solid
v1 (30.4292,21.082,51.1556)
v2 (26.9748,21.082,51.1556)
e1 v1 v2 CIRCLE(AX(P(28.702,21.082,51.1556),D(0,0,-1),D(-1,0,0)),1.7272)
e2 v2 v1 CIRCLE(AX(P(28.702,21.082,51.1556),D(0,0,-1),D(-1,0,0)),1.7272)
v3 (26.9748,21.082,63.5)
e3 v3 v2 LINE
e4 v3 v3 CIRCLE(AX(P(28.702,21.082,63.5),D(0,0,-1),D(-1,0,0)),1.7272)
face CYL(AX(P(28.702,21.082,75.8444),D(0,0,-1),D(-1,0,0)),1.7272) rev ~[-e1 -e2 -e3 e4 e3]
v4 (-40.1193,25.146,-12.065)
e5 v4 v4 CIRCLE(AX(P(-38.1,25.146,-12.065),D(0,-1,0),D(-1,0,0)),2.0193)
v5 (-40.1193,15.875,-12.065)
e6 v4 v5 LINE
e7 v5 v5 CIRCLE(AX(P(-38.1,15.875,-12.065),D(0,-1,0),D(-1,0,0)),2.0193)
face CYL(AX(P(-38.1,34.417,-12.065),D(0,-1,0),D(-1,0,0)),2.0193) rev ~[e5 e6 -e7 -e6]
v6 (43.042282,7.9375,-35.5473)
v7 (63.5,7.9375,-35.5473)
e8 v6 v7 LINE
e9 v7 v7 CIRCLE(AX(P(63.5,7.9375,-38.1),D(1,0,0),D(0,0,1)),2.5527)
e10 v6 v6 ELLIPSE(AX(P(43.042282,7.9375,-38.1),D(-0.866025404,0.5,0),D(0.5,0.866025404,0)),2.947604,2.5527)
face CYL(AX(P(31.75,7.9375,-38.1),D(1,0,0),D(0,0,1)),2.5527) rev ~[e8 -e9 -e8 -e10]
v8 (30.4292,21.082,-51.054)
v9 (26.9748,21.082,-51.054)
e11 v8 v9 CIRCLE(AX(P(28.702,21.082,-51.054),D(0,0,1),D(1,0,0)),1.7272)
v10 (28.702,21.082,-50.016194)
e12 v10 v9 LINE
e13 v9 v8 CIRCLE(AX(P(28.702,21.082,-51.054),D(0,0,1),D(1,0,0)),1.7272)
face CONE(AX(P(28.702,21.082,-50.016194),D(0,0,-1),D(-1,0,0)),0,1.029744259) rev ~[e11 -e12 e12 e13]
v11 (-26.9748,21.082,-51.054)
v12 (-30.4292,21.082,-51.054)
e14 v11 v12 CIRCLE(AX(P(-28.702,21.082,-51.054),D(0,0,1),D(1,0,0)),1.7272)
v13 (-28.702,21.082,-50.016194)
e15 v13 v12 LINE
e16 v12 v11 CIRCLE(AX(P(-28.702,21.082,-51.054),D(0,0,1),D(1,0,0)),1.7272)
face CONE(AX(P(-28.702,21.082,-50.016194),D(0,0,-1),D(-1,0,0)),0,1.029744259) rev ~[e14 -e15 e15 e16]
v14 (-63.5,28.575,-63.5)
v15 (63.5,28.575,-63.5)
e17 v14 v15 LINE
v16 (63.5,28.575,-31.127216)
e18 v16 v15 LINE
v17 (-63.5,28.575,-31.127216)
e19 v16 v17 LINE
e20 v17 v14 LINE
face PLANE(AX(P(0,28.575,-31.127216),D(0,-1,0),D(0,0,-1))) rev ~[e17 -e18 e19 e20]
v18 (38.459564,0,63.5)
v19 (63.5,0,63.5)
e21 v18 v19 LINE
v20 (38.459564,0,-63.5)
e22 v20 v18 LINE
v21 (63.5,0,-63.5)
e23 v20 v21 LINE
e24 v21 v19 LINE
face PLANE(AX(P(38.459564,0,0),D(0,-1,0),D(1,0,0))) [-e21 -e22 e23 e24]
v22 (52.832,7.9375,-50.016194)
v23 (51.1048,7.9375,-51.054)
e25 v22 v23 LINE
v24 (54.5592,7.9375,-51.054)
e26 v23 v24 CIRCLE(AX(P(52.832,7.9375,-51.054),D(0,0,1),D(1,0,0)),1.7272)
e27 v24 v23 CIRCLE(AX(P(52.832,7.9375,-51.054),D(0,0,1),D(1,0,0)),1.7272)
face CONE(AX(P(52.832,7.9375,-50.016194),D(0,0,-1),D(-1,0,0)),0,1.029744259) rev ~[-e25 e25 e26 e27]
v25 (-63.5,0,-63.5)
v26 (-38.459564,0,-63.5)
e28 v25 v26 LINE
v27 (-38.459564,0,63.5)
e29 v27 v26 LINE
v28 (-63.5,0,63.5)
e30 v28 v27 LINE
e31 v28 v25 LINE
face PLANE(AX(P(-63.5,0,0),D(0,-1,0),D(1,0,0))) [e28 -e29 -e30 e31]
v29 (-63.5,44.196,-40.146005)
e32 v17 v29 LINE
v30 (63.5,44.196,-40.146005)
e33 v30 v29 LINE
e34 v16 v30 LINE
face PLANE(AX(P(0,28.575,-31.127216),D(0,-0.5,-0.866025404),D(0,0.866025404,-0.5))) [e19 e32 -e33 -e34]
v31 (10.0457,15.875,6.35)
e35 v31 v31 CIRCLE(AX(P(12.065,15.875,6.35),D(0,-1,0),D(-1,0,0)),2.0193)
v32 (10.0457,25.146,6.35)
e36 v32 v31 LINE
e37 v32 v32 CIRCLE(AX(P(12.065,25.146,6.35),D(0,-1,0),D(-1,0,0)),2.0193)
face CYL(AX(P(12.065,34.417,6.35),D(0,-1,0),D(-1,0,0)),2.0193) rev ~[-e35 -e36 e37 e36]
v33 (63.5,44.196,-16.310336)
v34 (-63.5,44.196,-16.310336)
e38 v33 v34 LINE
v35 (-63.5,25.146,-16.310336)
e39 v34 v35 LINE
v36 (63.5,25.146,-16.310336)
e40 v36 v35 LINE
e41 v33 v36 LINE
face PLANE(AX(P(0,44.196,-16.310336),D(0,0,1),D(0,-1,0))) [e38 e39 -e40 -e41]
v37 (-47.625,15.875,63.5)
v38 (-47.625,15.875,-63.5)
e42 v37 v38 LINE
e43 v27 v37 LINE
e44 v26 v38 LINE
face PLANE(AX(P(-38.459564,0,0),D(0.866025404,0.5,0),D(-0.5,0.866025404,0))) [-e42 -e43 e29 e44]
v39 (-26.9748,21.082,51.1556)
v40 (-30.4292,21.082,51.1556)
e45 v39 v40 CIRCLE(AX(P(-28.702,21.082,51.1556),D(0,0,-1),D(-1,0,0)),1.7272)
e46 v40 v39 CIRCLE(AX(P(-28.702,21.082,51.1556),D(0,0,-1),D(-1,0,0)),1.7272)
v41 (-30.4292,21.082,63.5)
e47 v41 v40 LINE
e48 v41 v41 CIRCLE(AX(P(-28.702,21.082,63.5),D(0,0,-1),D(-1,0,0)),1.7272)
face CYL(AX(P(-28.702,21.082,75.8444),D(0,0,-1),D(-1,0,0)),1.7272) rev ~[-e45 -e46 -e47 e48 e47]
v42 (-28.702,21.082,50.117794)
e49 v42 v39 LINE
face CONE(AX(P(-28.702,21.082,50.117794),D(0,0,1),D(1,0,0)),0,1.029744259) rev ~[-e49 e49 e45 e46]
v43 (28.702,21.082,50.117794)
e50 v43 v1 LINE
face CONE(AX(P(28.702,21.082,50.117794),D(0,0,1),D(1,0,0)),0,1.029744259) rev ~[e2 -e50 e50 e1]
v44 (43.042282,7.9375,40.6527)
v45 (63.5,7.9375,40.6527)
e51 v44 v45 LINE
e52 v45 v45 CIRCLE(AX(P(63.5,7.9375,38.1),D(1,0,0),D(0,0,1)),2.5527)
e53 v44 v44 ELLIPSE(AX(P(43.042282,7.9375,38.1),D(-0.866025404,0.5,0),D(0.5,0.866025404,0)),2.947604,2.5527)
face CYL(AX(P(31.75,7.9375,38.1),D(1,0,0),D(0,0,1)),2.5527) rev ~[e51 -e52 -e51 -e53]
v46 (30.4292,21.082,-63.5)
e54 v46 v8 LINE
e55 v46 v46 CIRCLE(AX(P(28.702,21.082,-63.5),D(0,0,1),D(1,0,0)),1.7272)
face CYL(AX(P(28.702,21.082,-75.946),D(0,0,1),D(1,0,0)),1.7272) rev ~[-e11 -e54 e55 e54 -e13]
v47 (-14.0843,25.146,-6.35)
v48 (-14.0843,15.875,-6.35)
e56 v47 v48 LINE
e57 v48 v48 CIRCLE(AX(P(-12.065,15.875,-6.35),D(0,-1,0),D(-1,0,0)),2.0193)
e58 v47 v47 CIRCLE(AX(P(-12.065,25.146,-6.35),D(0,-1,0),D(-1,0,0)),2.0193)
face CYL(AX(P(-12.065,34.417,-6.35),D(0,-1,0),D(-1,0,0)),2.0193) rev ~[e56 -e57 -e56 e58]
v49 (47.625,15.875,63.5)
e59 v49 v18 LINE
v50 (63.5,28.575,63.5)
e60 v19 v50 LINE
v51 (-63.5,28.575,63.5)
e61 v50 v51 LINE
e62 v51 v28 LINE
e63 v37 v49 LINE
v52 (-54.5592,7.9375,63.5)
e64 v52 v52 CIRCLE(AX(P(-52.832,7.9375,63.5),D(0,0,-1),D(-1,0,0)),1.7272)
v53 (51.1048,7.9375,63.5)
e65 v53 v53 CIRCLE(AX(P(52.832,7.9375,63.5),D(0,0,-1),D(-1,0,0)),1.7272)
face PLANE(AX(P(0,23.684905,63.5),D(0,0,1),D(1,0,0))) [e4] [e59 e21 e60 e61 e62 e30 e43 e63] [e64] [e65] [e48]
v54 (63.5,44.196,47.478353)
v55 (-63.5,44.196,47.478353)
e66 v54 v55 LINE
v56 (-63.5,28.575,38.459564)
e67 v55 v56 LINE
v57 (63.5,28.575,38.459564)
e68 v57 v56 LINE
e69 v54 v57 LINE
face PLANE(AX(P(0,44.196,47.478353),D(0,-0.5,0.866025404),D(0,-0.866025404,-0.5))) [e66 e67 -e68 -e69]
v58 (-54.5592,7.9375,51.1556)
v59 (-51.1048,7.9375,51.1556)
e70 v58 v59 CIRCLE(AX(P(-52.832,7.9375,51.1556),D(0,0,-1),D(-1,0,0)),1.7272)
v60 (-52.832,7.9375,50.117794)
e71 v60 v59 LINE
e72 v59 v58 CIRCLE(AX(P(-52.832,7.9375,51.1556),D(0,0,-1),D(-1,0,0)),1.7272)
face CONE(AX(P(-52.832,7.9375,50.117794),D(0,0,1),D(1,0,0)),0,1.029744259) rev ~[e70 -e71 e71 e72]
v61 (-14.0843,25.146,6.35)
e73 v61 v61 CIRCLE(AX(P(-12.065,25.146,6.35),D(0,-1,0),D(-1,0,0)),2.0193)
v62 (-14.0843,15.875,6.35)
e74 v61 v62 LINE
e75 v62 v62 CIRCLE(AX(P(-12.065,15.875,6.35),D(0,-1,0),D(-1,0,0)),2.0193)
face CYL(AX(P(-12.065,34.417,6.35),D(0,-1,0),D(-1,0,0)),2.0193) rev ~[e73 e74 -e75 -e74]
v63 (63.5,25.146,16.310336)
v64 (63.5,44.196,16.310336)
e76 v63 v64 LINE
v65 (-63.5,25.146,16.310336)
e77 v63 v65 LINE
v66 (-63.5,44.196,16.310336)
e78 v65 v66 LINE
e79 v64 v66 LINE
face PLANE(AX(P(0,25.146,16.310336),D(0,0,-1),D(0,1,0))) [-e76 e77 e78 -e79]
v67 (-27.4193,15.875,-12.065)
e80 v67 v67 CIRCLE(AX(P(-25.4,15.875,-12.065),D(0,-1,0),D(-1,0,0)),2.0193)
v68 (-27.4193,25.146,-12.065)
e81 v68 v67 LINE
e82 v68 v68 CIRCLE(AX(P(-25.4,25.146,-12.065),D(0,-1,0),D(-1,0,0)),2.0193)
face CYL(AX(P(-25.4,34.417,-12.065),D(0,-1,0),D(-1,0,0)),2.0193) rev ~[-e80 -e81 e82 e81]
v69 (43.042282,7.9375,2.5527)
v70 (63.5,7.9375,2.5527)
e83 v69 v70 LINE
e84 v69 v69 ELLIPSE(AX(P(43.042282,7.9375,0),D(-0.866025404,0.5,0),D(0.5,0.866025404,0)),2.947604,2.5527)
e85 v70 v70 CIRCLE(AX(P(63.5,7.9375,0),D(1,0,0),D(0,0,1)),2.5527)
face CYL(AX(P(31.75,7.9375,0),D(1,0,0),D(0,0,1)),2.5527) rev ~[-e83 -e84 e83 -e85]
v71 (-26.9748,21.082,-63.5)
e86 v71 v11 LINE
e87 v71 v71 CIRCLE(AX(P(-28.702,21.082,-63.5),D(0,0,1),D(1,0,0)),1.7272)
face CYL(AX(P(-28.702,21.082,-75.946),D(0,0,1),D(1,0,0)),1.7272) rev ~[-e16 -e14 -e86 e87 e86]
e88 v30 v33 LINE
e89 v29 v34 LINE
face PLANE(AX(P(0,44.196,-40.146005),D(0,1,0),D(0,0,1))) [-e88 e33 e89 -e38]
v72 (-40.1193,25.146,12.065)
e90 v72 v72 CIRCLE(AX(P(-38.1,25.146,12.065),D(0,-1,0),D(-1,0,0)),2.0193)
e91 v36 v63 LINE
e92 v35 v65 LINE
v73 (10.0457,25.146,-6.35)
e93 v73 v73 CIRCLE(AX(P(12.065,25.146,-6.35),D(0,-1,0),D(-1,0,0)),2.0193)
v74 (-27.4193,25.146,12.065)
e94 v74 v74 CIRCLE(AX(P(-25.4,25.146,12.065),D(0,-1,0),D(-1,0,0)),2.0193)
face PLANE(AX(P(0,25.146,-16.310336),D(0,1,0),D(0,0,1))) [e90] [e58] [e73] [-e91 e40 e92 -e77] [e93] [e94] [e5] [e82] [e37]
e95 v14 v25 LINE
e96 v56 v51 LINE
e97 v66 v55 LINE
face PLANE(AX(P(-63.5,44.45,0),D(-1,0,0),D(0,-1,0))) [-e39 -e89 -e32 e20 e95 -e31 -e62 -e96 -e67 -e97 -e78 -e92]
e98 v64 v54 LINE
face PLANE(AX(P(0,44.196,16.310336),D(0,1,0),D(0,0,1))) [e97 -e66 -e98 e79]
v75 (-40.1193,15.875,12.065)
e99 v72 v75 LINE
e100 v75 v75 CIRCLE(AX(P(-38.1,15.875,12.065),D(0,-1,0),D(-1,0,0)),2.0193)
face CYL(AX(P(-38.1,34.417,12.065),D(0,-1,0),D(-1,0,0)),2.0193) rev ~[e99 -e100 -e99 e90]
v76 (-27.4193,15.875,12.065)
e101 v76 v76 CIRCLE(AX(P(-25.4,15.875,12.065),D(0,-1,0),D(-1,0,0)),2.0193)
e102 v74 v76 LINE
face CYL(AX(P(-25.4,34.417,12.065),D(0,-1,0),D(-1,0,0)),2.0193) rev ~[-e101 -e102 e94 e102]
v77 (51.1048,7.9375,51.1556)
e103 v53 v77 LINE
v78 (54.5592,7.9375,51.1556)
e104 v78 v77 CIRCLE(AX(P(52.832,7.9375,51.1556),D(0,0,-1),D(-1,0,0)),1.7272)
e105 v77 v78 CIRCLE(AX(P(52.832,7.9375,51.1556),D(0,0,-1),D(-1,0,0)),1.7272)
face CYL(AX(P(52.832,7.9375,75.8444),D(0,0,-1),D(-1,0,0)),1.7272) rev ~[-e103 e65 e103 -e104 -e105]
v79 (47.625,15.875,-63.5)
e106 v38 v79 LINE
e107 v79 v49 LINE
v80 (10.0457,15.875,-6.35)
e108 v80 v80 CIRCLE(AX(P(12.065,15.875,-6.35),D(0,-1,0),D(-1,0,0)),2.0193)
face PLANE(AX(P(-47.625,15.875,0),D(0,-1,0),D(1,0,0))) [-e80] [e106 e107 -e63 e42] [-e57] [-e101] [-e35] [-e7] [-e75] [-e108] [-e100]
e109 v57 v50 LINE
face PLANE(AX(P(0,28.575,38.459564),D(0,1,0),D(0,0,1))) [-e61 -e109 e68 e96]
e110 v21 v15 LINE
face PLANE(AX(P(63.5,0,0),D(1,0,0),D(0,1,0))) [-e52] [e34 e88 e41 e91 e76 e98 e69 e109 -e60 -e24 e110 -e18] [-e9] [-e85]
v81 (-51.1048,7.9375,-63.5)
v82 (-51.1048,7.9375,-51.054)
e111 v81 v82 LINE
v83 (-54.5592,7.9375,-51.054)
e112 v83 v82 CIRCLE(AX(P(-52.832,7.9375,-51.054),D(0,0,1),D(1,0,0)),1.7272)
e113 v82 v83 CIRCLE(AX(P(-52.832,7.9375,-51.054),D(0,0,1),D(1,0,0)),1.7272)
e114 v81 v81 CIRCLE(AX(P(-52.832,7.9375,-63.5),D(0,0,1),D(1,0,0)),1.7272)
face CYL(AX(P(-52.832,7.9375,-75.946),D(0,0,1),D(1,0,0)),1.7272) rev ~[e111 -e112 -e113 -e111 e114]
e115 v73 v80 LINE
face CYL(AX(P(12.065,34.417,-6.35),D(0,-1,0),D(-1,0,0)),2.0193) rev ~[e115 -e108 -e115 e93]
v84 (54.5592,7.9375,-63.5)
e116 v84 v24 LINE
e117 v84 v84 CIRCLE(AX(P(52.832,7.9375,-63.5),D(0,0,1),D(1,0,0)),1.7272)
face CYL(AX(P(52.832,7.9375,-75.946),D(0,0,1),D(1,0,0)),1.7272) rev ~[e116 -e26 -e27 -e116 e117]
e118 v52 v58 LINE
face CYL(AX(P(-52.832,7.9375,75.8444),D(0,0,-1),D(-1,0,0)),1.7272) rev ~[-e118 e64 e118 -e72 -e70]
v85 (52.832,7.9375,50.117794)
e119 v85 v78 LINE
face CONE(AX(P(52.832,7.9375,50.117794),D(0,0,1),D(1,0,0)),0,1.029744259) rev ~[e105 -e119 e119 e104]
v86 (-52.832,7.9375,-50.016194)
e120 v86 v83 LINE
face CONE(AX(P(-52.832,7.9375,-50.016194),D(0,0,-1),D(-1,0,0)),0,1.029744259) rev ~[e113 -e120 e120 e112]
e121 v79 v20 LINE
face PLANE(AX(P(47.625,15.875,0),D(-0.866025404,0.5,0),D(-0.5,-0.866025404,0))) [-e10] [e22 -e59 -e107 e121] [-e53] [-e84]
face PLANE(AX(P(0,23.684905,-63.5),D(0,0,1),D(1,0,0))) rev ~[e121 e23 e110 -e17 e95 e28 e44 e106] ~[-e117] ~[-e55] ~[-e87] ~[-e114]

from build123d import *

# Parameters (mm, degrees)
X_CARRIAGE_EXTRUDE_DEPTH                 = 63.5
Y_GUIDE_CUT_EXTRUDE_DEPTH                = 63.5
F_8_32_TAPPED_HOLE1_D                    = 3.4544
F_8_32_TAPPED_HOLE1_DEPTH                = 12.3444
F_8_32_TAPPED_HOLE1_TIP                  = 1.037806461
F_8_32_TAPPED_HOLE2_D                    = 3.4544
F_8_32_TAPPED_HOLE2_DEPTH                = 12.446
F_8_32_TAPPED_HOLE2_TIP                  = 1.037806461
SKETCH8_W                                = 2.5527
SKETCH8_H                                = 63.5
GIB_SCREW_1_4_20_TAPPED_HOLE1_AT_2_COUNT = 2
GIB_SCREW_1_4_20_TAPPED_HOLE1_AT_2_PITCH = 38.1
GIB_SCREW_1_4_20_TAPPED_HOLE1_AT_3_COUNT = 2
GIB_SCREW_1_4_20_TAPPED_HOLE1_AT_3_PITCH = 76.2
F_10_32_TAPPED_HOLE1_D                   = 4.0386
F_10_32_TAPPED_HOLE1_DEPTH               = 9.271


with BuildPart() as part:
    # female-dovetail-profile → x-carriage-extrude (new, symmetric)
    with BuildSketch(Plane.XY):
        Polygon((-47.625, 15.875), (-40.292651581, 15.875), (-16.056336319, 15.875), (16.056336319, 15.875), (47.625, 15.875), (38.459564477, 0), (63.5, 0), (63.5, 31.75), (63.5, 44.45), (-63.5, 44.45), (-63.5, 31.75), (-63.5, 0), (-38.459564477, 0), align=None)
    extrude(amount=X_CARRIAGE_EXTRUDE_DEPTH, both=True)

    # male-dovetail-shoulder-profile → y-guide-cut-extrude (cut, symmetric)
    with BuildSketch(Plane(origin=(0, 0, 0), x_dir=(0, 0, -1), z_dir=(1, 0, 0))):
        Polygon((63.5, 28.575), (38.459564477, 28.575), (31.127216058, 28.575), (40.146004613, 44.196), (16.310336319, 44.196), (16.310336319, 25.146), (-16.310336319, 25.146), (-16.310336319, 44.196), (-47.478353032, 44.196), (-38.459564477, 28.575), (-63.5, 28.575), (-63.5, 44.45), (63.5, 44.45), align=None)
    extrude(amount=Y_GUIDE_CUT_EXTRUDE_DEPTH, both=True, mode=Mode.SUBTRACT)

    # #8-32 Tapped Hole1
    with Locations(Plane(origin=(0, -15.875, 63.5), x_dir=(1, 0, 0), z_dir=(0, 0, 1))):
        with Locations((-52.832, 23.8125), (-28.702, 36.957), (28.702, 36.957), (52.832, 23.8125)):
            Hole(F_8_32_TAPPED_HOLE1_D / 2, depth=F_8_32_TAPPED_HOLE1_DEPTH)
            with Locations((0, 0, -(F_8_32_TAPPED_HOLE1_DEPTH + F_8_32_TAPPED_HOLE1_TIP / 2))):  # 118° drill point
                Cone(0, F_8_32_TAPPED_HOLE1_D / 2, F_8_32_TAPPED_HOLE1_TIP, mode=Mode.SUBTRACT)

    # #8-32 Tapped Hole2
    with Locations(Plane(origin=(0, -15.875, -63.5), x_dir=(-1, 0, 0), z_dir=(0, 0, -1))):
        with Locations((-52.832, 23.8125), (-28.702, 36.957), (28.702, 36.957), (52.832, 23.8125)):
            Hole(F_8_32_TAPPED_HOLE2_D / 2, depth=F_8_32_TAPPED_HOLE2_DEPTH)
            with Locations((0, 0, -(F_8_32_TAPPED_HOLE2_DEPTH + F_8_32_TAPPED_HOLE2_TIP / 2))):  # 118° drill point
                Cone(0, F_8_32_TAPPED_HOLE2_D / 2, F_8_32_TAPPED_HOLE2_TIP, mode=Mode.SUBTRACT)

    # Sketch8 → gib screw 1/4-20 Tapped Hole1 (revolve, cut)
    with BuildSketch(Plane(origin=(0, 7.9375, 38.1), x_dir=(0, 0, 1), z_dir=(0, 1, 0))):
        with Locations((1.27635, 31.75)):
            Rectangle(SKETCH8_W, SKETCH8_H)
    gib_screw_1_4_20_tapped_hole1 = revolve(axis=Axis((-6.35, 7.9375, 38.1), (1, 0, 0)), mode=Mode.SUBTRACT)

    # gib screw 1/4-20 Tapped Hole1 at 2: gib screw 1/4-20 Tapped Hole1 ×2
    with Locations(*[(0, 0, -i * GIB_SCREW_1_4_20_TAPPED_HOLE1_AT_2_PITCH) for i in range(1, GIB_SCREW_1_4_20_TAPPED_HOLE1_AT_2_COUNT)]):
        add(gib_screw_1_4_20_tapped_hole1, mode=Mode.SUBTRACT)

    # gib screw 1/4-20 Tapped Hole1 at 3: gib screw 1/4-20 Tapped Hole1 ×2
    with Locations(*[(0, 0, -i * GIB_SCREW_1_4_20_TAPPED_HOLE1_AT_3_PITCH) for i in range(1, GIB_SCREW_1_4_20_TAPPED_HOLE1_AT_3_COUNT)]):
        add(gib_screw_1_4_20_tapped_hole1, mode=Mode.SUBTRACT)

    # #10-32 Tapped Hole1
    with Locations(Plane(origin=(0, 25.146, 0), x_dir=(1, 0, 0), z_dir=(0, 1, 0))):
        with Locations((-38.1, 12.065), (-38.1, -12.065), (-12.065, 6.35), (-25.4, 12.065), (-25.4, -12.065), (12.065, 6.35), (12.065, -6.35), (-12.065, -6.35)):
            Hole(F_10_32_TAPPED_HOLE1_D / 2, depth=F_10_32_TAPPED_HOLE1_DEPTH)


solid = part.part
